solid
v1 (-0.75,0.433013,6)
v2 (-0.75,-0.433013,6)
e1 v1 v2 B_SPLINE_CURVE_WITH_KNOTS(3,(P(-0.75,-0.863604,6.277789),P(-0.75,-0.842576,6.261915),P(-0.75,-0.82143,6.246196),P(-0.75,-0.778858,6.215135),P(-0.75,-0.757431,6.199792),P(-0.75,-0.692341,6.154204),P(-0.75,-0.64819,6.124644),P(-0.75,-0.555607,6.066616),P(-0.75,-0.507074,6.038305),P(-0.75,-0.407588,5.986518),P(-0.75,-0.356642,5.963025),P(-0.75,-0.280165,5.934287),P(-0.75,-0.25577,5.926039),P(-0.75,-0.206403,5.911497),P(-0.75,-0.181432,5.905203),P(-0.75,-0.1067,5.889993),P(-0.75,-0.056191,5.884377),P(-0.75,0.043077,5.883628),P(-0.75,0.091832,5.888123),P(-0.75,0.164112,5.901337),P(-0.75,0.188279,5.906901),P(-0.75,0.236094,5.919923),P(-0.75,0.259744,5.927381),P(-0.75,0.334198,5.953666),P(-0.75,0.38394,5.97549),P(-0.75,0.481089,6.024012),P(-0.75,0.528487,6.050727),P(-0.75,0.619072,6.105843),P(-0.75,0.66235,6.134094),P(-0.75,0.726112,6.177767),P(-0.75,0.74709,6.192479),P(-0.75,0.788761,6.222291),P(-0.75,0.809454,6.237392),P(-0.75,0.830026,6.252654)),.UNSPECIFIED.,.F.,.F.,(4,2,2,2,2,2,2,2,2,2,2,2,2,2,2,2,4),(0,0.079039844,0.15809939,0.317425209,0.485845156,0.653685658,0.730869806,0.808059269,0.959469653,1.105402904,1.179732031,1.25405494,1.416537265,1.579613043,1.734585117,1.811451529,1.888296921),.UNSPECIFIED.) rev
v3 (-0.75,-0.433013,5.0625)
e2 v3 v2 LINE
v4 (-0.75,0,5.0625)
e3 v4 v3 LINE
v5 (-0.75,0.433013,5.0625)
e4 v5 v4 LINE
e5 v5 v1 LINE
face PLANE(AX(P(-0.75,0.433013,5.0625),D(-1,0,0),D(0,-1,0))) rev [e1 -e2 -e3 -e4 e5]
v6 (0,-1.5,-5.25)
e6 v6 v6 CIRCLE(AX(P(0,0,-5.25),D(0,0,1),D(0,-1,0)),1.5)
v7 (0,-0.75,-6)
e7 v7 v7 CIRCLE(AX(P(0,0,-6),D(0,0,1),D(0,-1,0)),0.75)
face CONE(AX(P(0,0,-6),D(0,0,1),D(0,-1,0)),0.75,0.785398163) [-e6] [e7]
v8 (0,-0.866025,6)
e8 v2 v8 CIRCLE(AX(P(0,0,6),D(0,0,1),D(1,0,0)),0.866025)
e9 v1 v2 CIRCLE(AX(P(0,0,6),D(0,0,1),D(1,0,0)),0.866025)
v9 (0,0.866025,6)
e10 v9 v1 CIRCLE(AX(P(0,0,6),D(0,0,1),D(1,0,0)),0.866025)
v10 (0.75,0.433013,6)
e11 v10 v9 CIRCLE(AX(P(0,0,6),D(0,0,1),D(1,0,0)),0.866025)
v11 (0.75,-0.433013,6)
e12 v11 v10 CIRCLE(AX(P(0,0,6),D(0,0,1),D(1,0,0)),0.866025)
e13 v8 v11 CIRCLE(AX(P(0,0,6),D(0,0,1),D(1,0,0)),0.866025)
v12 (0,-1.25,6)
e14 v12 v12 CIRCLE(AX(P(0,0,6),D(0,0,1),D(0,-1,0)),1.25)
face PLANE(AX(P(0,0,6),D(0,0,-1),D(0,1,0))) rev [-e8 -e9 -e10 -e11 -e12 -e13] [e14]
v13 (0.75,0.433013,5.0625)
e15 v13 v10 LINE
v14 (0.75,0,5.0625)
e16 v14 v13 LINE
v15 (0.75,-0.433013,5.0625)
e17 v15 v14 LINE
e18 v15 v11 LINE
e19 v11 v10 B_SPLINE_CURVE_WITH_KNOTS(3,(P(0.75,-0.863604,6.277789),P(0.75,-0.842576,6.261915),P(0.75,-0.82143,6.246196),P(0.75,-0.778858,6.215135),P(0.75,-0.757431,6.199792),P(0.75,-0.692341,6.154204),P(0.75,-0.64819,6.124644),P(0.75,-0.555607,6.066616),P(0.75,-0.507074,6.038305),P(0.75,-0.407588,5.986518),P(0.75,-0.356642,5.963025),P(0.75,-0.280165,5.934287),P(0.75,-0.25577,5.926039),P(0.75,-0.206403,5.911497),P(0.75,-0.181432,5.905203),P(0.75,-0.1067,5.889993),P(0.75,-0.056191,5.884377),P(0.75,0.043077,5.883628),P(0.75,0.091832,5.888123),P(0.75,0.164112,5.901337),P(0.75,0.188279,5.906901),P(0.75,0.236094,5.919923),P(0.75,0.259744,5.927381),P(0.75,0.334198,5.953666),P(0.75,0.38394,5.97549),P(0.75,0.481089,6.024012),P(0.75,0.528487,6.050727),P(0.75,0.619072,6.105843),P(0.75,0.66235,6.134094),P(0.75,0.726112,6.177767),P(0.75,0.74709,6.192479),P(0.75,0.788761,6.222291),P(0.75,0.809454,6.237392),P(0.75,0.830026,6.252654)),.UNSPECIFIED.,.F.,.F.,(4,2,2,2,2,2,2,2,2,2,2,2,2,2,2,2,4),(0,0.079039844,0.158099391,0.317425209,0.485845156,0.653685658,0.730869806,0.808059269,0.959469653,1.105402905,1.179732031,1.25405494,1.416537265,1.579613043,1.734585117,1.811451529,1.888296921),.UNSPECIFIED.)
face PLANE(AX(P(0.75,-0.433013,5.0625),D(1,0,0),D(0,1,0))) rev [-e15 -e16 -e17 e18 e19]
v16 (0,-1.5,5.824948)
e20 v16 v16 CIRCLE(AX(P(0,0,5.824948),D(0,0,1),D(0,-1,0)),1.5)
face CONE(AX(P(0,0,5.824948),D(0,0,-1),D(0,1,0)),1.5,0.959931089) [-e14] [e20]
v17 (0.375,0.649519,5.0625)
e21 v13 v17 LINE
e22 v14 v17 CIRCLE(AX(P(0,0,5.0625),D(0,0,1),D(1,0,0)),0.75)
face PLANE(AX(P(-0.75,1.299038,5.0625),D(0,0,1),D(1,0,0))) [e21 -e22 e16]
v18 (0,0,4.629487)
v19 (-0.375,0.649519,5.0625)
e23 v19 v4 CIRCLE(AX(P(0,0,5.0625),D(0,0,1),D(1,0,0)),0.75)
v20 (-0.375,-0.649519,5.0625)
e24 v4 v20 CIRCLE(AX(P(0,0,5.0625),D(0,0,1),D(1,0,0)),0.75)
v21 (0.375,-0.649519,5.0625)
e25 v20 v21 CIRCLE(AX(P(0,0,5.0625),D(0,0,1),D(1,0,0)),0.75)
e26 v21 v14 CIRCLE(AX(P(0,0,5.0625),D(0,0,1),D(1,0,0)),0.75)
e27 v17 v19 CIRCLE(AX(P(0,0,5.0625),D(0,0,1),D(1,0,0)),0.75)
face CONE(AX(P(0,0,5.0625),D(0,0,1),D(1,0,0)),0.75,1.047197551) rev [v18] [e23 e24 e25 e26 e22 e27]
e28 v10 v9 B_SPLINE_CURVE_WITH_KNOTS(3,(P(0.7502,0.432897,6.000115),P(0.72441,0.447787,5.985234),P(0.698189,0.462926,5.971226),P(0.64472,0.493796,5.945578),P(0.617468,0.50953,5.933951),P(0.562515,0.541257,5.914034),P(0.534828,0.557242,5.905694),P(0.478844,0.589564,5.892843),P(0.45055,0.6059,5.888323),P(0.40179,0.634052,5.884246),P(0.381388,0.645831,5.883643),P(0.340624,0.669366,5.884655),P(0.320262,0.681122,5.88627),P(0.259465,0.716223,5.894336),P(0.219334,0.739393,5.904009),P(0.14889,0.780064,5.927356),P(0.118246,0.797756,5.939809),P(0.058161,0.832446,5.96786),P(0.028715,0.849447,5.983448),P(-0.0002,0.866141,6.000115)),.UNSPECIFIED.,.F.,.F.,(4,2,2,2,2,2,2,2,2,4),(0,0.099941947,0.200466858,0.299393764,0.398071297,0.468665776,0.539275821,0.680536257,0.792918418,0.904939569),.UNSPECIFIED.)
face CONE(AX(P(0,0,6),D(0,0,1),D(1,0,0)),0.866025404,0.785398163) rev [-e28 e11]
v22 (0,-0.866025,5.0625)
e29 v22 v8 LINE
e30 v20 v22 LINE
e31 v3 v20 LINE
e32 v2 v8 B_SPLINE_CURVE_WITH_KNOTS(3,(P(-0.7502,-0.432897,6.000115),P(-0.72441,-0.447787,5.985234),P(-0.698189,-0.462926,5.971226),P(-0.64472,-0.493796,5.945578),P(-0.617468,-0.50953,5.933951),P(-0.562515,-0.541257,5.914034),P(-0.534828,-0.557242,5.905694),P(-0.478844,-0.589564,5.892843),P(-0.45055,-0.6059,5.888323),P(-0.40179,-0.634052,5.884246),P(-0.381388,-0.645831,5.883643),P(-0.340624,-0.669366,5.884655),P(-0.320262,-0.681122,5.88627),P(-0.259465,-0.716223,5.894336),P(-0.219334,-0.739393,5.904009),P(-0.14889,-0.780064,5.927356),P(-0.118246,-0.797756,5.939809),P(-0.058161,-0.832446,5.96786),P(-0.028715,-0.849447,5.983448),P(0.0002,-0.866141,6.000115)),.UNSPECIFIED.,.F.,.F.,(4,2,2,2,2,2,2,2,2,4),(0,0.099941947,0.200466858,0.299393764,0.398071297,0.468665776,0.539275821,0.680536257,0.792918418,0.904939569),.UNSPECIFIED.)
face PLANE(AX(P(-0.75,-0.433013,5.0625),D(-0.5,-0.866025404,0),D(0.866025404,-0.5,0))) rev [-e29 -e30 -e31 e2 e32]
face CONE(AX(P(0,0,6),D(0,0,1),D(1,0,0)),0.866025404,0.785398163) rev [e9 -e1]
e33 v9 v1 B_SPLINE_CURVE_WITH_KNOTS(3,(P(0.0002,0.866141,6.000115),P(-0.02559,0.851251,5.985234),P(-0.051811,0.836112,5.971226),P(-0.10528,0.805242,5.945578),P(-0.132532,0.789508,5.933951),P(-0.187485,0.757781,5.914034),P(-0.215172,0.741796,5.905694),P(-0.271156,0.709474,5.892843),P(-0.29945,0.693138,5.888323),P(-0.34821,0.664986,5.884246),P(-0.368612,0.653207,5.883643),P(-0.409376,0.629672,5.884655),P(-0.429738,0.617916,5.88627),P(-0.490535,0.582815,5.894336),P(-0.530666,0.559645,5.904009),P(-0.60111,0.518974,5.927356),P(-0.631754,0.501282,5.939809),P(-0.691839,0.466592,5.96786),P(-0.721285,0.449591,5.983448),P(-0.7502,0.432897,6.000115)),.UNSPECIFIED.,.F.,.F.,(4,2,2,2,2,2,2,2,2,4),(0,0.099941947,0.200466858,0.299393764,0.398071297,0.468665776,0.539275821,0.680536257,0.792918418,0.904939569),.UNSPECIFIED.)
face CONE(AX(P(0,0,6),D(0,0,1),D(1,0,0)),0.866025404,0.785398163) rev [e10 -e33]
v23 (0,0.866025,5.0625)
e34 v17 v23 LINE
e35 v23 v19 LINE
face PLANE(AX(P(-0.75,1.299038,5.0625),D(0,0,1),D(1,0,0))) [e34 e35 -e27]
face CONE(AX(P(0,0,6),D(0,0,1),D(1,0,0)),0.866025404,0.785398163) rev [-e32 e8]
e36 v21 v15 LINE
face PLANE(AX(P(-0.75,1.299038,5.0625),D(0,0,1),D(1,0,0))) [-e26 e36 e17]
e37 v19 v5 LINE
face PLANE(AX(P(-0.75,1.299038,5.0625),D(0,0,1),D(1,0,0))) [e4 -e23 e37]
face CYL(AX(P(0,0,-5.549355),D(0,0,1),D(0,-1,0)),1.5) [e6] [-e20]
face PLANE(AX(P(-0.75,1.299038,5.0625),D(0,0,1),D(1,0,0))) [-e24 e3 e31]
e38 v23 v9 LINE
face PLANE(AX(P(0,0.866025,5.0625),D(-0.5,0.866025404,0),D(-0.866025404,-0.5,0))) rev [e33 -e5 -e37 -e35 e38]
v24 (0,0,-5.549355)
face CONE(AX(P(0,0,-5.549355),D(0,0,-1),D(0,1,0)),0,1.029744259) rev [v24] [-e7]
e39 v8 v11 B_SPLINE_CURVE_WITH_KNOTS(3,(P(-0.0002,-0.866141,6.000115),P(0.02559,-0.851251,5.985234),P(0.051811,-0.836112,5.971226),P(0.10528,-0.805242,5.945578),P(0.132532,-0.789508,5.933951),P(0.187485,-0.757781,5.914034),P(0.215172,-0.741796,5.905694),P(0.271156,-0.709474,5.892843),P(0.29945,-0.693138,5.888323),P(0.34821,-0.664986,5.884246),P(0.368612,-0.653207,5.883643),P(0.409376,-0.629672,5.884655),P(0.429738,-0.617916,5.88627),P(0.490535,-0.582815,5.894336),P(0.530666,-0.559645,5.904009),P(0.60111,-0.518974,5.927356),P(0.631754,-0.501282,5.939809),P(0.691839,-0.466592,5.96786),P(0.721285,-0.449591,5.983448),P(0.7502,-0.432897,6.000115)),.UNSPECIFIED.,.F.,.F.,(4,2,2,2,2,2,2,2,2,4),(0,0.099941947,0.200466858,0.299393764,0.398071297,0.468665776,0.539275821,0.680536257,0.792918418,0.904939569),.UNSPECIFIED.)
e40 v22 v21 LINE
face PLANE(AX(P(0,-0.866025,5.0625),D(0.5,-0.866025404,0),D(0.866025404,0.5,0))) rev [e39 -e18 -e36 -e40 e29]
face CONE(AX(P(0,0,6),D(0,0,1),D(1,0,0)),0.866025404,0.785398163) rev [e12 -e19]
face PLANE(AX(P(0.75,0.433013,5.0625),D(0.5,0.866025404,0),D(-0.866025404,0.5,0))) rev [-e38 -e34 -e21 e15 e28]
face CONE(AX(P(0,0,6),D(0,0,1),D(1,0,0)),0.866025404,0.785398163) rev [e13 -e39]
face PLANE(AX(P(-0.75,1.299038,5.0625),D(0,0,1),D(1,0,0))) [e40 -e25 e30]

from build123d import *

# Parameters (mm, degrees)
CUT_EXTRUDE1_DEPTH = 0.9375


with BuildPart() as part:
    # Sketch11 → Revolve1 (revolve)
    with BuildSketch(Plane(origin=(0, 0, 0), x_dir=(0, 0, -1), z_dir=(1, 0, 0)), mode=Mode.PRIVATE) as revolve1_sk:
        Polygon((-6, 0), (-6, 1.25), (-5.824948115, 1.5), (5.25, 1.5), (6, 0.75), (5.549354536, 0), align=None)
    revolve(revolve1_sk.sketch.rotate(Axis((0, 0, -5.549354536), (0, 0, -1)), 180), axis=Axis((0, 0, -5.549354536), (0, 0, -1)))

    # Sketch2 → Cut-Extrude1 (cut)
    with BuildSketch(Plane.XY.offset(6)):
        Polygon((0, 0.866025404), (-0.75, 0.433012702), (-0.75, -0.433012702), (0, -0.866025404), (0.75, -0.433012702), (0.75, 0.433012702), align=None)
    extrude(amount=-CUT_EXTRUDE1_DEPTH, mode=Mode.SUBTRACT)

    # Cut-Extrude2 cone 1 section (through the dimple's axis) → Cut-Extrude2 (revolve, cut)
    with BuildSketch(Plane(origin=(0, 0, 6), x_dir=(0, -1, 0), z_dir=(1, 0, 0))):
        Polygon((0, 0), (0.866025404, 0), (0, 0.866025404), align=None)
    revolve(axis=Axis((0, 0, 6), (0, 0, -1)), mode=Mode.SUBTRACT)

    # Cut-Extrude3 cone 1 section (through the dimple's axis) → Cut-Extrude3 (revolve, cut)
    with BuildSketch(Plane(origin=(0, 0, 5.0625), x_dir=(0, -1, 0), z_dir=(1, 0, 0))):
        Polygon((0, 0), (0.75, 0), (0, 0.433012702), align=None)
    revolve(axis=Axis((0, 0, 5.0625), (0, 0, -1)), mode=Mode.SUBTRACT)


solid = part.part
